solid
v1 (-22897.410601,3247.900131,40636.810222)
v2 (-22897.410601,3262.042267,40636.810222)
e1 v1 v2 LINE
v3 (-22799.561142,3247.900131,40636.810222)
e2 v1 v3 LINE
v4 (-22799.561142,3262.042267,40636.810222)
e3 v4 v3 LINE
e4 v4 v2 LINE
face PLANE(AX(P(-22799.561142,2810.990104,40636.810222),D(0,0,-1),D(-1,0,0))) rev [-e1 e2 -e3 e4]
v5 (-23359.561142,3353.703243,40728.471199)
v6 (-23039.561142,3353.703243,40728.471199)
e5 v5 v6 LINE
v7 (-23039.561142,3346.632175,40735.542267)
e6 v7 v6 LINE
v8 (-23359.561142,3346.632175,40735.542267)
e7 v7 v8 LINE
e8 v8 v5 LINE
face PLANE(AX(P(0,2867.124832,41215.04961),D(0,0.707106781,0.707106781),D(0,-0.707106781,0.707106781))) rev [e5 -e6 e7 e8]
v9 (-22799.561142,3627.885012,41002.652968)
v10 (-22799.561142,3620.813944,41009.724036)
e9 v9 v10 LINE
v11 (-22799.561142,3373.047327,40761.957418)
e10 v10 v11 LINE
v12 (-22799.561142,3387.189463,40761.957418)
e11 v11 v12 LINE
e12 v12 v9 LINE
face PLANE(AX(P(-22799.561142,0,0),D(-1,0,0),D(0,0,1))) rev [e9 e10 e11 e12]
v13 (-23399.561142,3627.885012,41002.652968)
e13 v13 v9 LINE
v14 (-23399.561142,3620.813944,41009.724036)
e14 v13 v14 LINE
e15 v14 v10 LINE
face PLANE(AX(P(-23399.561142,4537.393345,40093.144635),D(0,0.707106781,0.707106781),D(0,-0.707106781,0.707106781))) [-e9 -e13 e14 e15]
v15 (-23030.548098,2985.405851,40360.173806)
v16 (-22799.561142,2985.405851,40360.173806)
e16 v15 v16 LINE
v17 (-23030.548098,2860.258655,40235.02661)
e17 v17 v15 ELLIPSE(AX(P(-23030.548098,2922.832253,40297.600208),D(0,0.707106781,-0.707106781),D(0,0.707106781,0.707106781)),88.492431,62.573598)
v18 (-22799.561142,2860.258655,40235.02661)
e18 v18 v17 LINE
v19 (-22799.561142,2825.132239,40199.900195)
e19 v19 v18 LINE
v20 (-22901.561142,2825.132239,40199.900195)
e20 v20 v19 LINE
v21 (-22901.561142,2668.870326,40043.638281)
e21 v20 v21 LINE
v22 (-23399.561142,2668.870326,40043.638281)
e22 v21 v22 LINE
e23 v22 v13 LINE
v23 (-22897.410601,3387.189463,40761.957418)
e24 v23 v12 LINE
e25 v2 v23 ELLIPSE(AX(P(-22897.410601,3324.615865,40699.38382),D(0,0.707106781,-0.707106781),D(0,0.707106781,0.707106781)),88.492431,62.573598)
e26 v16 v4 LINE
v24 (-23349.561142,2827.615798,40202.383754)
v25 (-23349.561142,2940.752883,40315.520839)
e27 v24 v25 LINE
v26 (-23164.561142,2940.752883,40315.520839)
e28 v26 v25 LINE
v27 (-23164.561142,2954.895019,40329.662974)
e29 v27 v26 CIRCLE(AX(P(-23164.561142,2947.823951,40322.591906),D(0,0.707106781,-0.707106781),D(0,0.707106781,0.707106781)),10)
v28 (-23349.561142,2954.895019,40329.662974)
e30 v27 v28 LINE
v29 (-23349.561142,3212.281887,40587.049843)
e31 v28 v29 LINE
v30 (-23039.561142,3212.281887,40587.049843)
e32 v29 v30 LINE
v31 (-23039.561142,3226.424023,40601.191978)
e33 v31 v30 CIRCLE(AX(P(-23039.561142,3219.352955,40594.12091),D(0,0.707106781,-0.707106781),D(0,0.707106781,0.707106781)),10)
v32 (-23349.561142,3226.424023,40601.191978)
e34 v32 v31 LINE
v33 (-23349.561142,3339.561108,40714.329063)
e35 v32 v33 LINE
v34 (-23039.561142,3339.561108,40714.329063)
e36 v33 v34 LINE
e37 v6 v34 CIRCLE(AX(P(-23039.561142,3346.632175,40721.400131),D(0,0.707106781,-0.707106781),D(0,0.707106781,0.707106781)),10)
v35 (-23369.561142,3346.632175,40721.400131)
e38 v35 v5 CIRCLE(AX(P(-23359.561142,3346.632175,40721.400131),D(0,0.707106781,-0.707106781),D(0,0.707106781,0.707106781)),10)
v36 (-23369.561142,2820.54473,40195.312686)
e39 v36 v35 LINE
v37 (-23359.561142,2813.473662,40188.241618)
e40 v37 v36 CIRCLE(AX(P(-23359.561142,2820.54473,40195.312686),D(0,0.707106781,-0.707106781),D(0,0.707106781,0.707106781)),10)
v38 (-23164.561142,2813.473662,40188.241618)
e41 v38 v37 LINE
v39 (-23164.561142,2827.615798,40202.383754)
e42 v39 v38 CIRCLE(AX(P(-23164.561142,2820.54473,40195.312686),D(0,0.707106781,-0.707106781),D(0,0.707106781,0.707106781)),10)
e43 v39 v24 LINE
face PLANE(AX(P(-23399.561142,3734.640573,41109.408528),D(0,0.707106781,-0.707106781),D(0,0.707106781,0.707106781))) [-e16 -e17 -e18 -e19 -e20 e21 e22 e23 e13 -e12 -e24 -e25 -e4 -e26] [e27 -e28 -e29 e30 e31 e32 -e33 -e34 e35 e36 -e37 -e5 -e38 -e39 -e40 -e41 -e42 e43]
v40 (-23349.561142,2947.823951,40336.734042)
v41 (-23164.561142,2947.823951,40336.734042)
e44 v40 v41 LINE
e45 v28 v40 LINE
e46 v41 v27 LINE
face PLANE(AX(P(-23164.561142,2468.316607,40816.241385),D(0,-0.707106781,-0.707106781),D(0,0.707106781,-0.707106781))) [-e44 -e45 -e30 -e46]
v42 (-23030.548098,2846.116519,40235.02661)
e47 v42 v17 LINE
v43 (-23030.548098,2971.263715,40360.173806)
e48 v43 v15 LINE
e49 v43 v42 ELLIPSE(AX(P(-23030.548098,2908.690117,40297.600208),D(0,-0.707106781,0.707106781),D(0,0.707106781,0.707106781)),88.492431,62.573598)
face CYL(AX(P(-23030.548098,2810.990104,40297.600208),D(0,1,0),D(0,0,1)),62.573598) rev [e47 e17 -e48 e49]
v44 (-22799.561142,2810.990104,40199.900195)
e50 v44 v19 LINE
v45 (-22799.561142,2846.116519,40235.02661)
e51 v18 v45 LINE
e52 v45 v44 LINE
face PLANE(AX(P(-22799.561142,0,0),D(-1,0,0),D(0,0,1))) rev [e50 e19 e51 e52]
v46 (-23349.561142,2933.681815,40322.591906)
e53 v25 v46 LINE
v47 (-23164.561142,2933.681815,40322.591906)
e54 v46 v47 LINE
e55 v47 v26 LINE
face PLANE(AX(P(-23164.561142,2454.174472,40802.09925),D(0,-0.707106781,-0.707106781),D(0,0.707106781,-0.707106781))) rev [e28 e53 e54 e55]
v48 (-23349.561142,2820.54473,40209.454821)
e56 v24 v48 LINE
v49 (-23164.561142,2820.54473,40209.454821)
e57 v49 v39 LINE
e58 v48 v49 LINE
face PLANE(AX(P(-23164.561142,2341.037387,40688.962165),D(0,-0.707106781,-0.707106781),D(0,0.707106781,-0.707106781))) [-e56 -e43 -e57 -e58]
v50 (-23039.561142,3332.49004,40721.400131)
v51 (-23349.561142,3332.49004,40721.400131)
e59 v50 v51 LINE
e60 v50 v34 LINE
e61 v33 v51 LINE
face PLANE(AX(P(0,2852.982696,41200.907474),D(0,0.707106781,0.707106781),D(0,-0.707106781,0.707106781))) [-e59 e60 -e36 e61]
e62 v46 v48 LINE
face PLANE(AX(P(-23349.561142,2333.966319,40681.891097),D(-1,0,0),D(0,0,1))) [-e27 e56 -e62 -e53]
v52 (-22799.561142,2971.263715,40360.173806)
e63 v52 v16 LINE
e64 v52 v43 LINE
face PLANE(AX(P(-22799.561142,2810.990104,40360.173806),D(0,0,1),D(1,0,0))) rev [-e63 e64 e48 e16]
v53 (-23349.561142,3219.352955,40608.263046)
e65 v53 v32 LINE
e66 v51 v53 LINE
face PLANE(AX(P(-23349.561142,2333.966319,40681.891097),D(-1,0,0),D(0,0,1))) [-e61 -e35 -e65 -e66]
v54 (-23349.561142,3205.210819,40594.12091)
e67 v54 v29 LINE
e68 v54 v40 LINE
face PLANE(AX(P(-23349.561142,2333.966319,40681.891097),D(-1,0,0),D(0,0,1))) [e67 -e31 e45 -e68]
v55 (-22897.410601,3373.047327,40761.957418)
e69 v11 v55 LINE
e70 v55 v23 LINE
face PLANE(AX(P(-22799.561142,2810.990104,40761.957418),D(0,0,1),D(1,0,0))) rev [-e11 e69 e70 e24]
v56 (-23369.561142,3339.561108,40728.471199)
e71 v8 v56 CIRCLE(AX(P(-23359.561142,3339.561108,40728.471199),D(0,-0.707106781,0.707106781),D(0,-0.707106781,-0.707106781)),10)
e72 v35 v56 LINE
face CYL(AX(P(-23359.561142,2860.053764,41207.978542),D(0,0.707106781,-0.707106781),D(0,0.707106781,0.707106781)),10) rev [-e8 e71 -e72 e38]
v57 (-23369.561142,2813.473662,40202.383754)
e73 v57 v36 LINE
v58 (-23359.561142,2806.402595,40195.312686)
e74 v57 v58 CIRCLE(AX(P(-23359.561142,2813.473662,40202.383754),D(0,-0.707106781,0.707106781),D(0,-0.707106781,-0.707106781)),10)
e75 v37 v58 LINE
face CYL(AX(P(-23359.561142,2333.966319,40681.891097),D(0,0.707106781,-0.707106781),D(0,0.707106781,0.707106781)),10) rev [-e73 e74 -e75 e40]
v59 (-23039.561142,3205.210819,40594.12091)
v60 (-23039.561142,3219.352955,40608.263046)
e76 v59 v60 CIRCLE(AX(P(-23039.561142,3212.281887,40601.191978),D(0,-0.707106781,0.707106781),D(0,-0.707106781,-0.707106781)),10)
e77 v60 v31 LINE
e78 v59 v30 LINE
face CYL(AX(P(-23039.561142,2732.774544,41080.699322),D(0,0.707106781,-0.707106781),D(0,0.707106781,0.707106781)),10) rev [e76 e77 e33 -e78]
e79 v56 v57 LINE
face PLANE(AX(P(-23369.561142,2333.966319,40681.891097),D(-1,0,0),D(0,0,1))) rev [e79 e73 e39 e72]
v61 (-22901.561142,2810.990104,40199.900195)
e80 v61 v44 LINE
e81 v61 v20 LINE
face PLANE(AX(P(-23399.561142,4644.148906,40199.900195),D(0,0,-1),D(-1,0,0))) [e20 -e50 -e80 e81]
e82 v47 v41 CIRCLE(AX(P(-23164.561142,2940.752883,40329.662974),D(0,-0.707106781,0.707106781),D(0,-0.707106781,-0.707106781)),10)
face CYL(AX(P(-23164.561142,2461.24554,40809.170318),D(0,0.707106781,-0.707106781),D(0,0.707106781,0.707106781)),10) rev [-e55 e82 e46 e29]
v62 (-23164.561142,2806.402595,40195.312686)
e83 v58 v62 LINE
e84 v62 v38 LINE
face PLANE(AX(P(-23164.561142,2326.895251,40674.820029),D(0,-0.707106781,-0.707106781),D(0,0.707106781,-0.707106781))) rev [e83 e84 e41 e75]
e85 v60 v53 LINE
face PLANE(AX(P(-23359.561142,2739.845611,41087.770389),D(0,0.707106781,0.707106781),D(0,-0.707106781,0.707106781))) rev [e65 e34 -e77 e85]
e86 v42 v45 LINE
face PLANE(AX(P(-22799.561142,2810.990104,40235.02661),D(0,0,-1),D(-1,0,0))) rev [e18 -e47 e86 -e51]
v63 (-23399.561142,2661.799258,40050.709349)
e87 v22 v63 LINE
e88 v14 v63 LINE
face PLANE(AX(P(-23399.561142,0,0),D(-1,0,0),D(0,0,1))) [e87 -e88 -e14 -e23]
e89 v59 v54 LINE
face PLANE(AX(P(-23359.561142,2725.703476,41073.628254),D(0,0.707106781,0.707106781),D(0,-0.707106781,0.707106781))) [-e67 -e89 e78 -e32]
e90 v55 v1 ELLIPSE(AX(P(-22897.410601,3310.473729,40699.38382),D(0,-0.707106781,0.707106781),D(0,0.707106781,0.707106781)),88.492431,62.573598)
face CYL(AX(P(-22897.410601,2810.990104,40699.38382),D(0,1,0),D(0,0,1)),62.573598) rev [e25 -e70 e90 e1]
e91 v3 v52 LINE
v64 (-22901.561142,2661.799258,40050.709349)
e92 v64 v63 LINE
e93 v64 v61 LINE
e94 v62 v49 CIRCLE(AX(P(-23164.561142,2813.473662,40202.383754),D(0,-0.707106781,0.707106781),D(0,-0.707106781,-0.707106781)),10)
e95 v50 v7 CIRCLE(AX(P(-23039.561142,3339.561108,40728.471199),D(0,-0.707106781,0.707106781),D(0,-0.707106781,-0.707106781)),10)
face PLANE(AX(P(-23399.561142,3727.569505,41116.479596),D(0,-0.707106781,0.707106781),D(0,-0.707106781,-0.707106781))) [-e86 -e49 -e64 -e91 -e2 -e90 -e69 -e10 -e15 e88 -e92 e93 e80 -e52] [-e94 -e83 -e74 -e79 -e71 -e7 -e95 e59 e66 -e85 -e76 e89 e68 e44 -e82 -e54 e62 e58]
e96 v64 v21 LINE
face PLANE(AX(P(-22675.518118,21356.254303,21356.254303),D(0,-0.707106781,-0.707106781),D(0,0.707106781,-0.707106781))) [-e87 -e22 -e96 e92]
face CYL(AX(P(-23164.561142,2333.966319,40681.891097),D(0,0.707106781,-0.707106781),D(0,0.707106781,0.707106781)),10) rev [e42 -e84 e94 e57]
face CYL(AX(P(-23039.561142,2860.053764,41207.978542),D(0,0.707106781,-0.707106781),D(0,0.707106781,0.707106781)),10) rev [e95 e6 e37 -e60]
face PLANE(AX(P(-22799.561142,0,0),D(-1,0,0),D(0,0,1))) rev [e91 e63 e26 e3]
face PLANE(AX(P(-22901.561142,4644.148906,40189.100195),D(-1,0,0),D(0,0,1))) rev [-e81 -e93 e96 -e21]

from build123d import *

# Parameters (mm, degrees)
BOSS_EXTRUDE1_START = -22799.561142
BOSS_EXTRUDE1_DEPTH = 600
CUT_EXTRUDE1_START  = 2846.116519
CUT_EXTRUDE1_DEPTH  = 541.072944
BOSS_EXTRUDE2_DEPTH = 498
CUT_EXTRUDE2_DEPTH  = 689.125788175


with BuildPart() as part:
    # Sketch3 → Boss-Extrude1 (new body)
    with BuildSketch(Plane(origin=(0, 0, 0), x_dir=(0, 0, -1), z_dir=(1, 0, 0)).offset(BOSS_EXTRUDE1_START)):
        Polygon((-40199.900195068, 2810.990103756), (-41009.724035702, 3620.813944389), (-41002.65296789, 3627.885012201), (-40199.900195068, 2825.132239379), align=None)
    extrude(amount=-BOSS_EXTRUDE1_DEPTH)

    # Sketch4 → Cut-Extrude1 (cut)
    with BuildSketch(Plane(origin=(0, 0, 0), x_dir=(1, 0, 0), z_dir=(0, 1, 0)).offset(CUT_EXTRUDE1_START)):
        with BuildLine():
            Line((-22799.561141737, -40360.17380628), (-23030.548097876, -40360.17380628))
            ThreePointArc((-23030.548097876, -40360.17380628), (-23093.121695819, -40297.600208337), (-23030.548097876, -40235.026610394))
            Line((-23030.548097876, -40235.026610394), (-22799.561141737, -40235.026610394))
            Line((-22799.561141737, -40235.026610394), (-22799.561141737, -40360.17380628))
        make_face()
        with BuildLine():
            Line((-22799.561141728, -40761.957418224), (-22897.41060103, -40761.957418224))
            ThreePointArc((-22897.41060103, -40761.957418224), (-22959.984198973, -40699.383820281), (-22897.41060103, -40636.810222338))
            Line((-22897.41060103, -40636.810222338), (-22799.561141728, -40636.810222338))
            Line((-22799.561141728, -40636.810222338), (-22799.561141728, -40761.957418224))
        make_face()
    extrude(amount=CUT_EXTRUDE1_DEPTH, mode=Mode.SUBTRACT)

    # Sketch5 → Boss-Extrude2 (add)
    with BuildSketch(Plane.ZY.offset(23399.561141728)):
        Polygon((40050.70934907, 2661.799257758), (40199.900195068, 2810.990103756), (40199.900195068, 2825.132239379), (40043.638281258, 2668.870325569), align=None)
    extrude(amount=-BOSS_EXTRUDE2_DEPTH)

    # Sketch6 → Cut-Extrude2 (cut, through all)
    with BuildSketch(Plane(origin=(0, -18687.383977844, 18687.383977844), x_dir=(1, 0, 0), z_dir=(0, 0.707106781, -0.707106781))):
        with BuildLine():
            Line((-23349.561141728, -30426.804477376), (-23164.561141728, -30426.804477376))
            ThreePointArc((-23164.561141728, -30426.804477376), (-23154.561141728, -30416.804477376), (-23164.561141728, -30406.804477376))
            Line((-23164.561141728, -30406.804477376), (-23359.561141728, -30406.804477376))
            ThreePointArc((-23359.561141728, -30406.804477376), (-23366.63220954, -30409.733409565), (-23369.561141728, -30416.804477376))
            Line((-23369.561141728, -30416.804477376), (-23369.561141728, -31160.804477376))
            ThreePointArc((-23369.561141728, -31160.804477376), (-23366.63220954, -31167.875545188), (-23359.561141728, -31170.804477376))
            Line((-23359.561141728, -31170.804477376), (-23039.561141728, -31170.804477376))
            ThreePointArc((-23039.561141728, -31170.804477376), (-23029.561141728, -31160.804477376), (-23039.561141728, -31150.804477376))
            Line((-23039.561141728, -31150.804477376), (-23349.561141728, -31150.804477376))
            Line((-23349.561141728, -31150.804477376), (-23349.561141728, -30990.804477376))
            Line((-23349.561141728, -30990.804477376), (-23039.561141728, -30990.804477376))
            ThreePointArc((-23039.561141728, -30990.804477376), (-23029.561141728, -30980.804477376), (-23039.561141728, -30970.804477376))
            Line((-23039.561141728, -30970.804477376), (-23349.561141728, -30970.804477376))
            Line((-23349.561141728, -30970.804477376), (-23349.561141728, -30606.804477376))
            Line((-23349.561141728, -30606.804477376), (-23164.561141728, -30606.804477376))
            ThreePointArc((-23164.561141728, -30606.804477376), (-23154.561141728, -30596.804477376), (-23164.561141728, -30586.804477376))
            Line((-23164.561141728, -30586.804477376), (-23349.561141728, -30586.804477376))
            Line((-23349.561141728, -30586.804477376), (-23349.561141728, -30426.804477376))
        make_face()
    extrude(amount=-CUT_EXTRUDE2_DEPTH, mode=Mode.SUBTRACT)


solid = part.part
